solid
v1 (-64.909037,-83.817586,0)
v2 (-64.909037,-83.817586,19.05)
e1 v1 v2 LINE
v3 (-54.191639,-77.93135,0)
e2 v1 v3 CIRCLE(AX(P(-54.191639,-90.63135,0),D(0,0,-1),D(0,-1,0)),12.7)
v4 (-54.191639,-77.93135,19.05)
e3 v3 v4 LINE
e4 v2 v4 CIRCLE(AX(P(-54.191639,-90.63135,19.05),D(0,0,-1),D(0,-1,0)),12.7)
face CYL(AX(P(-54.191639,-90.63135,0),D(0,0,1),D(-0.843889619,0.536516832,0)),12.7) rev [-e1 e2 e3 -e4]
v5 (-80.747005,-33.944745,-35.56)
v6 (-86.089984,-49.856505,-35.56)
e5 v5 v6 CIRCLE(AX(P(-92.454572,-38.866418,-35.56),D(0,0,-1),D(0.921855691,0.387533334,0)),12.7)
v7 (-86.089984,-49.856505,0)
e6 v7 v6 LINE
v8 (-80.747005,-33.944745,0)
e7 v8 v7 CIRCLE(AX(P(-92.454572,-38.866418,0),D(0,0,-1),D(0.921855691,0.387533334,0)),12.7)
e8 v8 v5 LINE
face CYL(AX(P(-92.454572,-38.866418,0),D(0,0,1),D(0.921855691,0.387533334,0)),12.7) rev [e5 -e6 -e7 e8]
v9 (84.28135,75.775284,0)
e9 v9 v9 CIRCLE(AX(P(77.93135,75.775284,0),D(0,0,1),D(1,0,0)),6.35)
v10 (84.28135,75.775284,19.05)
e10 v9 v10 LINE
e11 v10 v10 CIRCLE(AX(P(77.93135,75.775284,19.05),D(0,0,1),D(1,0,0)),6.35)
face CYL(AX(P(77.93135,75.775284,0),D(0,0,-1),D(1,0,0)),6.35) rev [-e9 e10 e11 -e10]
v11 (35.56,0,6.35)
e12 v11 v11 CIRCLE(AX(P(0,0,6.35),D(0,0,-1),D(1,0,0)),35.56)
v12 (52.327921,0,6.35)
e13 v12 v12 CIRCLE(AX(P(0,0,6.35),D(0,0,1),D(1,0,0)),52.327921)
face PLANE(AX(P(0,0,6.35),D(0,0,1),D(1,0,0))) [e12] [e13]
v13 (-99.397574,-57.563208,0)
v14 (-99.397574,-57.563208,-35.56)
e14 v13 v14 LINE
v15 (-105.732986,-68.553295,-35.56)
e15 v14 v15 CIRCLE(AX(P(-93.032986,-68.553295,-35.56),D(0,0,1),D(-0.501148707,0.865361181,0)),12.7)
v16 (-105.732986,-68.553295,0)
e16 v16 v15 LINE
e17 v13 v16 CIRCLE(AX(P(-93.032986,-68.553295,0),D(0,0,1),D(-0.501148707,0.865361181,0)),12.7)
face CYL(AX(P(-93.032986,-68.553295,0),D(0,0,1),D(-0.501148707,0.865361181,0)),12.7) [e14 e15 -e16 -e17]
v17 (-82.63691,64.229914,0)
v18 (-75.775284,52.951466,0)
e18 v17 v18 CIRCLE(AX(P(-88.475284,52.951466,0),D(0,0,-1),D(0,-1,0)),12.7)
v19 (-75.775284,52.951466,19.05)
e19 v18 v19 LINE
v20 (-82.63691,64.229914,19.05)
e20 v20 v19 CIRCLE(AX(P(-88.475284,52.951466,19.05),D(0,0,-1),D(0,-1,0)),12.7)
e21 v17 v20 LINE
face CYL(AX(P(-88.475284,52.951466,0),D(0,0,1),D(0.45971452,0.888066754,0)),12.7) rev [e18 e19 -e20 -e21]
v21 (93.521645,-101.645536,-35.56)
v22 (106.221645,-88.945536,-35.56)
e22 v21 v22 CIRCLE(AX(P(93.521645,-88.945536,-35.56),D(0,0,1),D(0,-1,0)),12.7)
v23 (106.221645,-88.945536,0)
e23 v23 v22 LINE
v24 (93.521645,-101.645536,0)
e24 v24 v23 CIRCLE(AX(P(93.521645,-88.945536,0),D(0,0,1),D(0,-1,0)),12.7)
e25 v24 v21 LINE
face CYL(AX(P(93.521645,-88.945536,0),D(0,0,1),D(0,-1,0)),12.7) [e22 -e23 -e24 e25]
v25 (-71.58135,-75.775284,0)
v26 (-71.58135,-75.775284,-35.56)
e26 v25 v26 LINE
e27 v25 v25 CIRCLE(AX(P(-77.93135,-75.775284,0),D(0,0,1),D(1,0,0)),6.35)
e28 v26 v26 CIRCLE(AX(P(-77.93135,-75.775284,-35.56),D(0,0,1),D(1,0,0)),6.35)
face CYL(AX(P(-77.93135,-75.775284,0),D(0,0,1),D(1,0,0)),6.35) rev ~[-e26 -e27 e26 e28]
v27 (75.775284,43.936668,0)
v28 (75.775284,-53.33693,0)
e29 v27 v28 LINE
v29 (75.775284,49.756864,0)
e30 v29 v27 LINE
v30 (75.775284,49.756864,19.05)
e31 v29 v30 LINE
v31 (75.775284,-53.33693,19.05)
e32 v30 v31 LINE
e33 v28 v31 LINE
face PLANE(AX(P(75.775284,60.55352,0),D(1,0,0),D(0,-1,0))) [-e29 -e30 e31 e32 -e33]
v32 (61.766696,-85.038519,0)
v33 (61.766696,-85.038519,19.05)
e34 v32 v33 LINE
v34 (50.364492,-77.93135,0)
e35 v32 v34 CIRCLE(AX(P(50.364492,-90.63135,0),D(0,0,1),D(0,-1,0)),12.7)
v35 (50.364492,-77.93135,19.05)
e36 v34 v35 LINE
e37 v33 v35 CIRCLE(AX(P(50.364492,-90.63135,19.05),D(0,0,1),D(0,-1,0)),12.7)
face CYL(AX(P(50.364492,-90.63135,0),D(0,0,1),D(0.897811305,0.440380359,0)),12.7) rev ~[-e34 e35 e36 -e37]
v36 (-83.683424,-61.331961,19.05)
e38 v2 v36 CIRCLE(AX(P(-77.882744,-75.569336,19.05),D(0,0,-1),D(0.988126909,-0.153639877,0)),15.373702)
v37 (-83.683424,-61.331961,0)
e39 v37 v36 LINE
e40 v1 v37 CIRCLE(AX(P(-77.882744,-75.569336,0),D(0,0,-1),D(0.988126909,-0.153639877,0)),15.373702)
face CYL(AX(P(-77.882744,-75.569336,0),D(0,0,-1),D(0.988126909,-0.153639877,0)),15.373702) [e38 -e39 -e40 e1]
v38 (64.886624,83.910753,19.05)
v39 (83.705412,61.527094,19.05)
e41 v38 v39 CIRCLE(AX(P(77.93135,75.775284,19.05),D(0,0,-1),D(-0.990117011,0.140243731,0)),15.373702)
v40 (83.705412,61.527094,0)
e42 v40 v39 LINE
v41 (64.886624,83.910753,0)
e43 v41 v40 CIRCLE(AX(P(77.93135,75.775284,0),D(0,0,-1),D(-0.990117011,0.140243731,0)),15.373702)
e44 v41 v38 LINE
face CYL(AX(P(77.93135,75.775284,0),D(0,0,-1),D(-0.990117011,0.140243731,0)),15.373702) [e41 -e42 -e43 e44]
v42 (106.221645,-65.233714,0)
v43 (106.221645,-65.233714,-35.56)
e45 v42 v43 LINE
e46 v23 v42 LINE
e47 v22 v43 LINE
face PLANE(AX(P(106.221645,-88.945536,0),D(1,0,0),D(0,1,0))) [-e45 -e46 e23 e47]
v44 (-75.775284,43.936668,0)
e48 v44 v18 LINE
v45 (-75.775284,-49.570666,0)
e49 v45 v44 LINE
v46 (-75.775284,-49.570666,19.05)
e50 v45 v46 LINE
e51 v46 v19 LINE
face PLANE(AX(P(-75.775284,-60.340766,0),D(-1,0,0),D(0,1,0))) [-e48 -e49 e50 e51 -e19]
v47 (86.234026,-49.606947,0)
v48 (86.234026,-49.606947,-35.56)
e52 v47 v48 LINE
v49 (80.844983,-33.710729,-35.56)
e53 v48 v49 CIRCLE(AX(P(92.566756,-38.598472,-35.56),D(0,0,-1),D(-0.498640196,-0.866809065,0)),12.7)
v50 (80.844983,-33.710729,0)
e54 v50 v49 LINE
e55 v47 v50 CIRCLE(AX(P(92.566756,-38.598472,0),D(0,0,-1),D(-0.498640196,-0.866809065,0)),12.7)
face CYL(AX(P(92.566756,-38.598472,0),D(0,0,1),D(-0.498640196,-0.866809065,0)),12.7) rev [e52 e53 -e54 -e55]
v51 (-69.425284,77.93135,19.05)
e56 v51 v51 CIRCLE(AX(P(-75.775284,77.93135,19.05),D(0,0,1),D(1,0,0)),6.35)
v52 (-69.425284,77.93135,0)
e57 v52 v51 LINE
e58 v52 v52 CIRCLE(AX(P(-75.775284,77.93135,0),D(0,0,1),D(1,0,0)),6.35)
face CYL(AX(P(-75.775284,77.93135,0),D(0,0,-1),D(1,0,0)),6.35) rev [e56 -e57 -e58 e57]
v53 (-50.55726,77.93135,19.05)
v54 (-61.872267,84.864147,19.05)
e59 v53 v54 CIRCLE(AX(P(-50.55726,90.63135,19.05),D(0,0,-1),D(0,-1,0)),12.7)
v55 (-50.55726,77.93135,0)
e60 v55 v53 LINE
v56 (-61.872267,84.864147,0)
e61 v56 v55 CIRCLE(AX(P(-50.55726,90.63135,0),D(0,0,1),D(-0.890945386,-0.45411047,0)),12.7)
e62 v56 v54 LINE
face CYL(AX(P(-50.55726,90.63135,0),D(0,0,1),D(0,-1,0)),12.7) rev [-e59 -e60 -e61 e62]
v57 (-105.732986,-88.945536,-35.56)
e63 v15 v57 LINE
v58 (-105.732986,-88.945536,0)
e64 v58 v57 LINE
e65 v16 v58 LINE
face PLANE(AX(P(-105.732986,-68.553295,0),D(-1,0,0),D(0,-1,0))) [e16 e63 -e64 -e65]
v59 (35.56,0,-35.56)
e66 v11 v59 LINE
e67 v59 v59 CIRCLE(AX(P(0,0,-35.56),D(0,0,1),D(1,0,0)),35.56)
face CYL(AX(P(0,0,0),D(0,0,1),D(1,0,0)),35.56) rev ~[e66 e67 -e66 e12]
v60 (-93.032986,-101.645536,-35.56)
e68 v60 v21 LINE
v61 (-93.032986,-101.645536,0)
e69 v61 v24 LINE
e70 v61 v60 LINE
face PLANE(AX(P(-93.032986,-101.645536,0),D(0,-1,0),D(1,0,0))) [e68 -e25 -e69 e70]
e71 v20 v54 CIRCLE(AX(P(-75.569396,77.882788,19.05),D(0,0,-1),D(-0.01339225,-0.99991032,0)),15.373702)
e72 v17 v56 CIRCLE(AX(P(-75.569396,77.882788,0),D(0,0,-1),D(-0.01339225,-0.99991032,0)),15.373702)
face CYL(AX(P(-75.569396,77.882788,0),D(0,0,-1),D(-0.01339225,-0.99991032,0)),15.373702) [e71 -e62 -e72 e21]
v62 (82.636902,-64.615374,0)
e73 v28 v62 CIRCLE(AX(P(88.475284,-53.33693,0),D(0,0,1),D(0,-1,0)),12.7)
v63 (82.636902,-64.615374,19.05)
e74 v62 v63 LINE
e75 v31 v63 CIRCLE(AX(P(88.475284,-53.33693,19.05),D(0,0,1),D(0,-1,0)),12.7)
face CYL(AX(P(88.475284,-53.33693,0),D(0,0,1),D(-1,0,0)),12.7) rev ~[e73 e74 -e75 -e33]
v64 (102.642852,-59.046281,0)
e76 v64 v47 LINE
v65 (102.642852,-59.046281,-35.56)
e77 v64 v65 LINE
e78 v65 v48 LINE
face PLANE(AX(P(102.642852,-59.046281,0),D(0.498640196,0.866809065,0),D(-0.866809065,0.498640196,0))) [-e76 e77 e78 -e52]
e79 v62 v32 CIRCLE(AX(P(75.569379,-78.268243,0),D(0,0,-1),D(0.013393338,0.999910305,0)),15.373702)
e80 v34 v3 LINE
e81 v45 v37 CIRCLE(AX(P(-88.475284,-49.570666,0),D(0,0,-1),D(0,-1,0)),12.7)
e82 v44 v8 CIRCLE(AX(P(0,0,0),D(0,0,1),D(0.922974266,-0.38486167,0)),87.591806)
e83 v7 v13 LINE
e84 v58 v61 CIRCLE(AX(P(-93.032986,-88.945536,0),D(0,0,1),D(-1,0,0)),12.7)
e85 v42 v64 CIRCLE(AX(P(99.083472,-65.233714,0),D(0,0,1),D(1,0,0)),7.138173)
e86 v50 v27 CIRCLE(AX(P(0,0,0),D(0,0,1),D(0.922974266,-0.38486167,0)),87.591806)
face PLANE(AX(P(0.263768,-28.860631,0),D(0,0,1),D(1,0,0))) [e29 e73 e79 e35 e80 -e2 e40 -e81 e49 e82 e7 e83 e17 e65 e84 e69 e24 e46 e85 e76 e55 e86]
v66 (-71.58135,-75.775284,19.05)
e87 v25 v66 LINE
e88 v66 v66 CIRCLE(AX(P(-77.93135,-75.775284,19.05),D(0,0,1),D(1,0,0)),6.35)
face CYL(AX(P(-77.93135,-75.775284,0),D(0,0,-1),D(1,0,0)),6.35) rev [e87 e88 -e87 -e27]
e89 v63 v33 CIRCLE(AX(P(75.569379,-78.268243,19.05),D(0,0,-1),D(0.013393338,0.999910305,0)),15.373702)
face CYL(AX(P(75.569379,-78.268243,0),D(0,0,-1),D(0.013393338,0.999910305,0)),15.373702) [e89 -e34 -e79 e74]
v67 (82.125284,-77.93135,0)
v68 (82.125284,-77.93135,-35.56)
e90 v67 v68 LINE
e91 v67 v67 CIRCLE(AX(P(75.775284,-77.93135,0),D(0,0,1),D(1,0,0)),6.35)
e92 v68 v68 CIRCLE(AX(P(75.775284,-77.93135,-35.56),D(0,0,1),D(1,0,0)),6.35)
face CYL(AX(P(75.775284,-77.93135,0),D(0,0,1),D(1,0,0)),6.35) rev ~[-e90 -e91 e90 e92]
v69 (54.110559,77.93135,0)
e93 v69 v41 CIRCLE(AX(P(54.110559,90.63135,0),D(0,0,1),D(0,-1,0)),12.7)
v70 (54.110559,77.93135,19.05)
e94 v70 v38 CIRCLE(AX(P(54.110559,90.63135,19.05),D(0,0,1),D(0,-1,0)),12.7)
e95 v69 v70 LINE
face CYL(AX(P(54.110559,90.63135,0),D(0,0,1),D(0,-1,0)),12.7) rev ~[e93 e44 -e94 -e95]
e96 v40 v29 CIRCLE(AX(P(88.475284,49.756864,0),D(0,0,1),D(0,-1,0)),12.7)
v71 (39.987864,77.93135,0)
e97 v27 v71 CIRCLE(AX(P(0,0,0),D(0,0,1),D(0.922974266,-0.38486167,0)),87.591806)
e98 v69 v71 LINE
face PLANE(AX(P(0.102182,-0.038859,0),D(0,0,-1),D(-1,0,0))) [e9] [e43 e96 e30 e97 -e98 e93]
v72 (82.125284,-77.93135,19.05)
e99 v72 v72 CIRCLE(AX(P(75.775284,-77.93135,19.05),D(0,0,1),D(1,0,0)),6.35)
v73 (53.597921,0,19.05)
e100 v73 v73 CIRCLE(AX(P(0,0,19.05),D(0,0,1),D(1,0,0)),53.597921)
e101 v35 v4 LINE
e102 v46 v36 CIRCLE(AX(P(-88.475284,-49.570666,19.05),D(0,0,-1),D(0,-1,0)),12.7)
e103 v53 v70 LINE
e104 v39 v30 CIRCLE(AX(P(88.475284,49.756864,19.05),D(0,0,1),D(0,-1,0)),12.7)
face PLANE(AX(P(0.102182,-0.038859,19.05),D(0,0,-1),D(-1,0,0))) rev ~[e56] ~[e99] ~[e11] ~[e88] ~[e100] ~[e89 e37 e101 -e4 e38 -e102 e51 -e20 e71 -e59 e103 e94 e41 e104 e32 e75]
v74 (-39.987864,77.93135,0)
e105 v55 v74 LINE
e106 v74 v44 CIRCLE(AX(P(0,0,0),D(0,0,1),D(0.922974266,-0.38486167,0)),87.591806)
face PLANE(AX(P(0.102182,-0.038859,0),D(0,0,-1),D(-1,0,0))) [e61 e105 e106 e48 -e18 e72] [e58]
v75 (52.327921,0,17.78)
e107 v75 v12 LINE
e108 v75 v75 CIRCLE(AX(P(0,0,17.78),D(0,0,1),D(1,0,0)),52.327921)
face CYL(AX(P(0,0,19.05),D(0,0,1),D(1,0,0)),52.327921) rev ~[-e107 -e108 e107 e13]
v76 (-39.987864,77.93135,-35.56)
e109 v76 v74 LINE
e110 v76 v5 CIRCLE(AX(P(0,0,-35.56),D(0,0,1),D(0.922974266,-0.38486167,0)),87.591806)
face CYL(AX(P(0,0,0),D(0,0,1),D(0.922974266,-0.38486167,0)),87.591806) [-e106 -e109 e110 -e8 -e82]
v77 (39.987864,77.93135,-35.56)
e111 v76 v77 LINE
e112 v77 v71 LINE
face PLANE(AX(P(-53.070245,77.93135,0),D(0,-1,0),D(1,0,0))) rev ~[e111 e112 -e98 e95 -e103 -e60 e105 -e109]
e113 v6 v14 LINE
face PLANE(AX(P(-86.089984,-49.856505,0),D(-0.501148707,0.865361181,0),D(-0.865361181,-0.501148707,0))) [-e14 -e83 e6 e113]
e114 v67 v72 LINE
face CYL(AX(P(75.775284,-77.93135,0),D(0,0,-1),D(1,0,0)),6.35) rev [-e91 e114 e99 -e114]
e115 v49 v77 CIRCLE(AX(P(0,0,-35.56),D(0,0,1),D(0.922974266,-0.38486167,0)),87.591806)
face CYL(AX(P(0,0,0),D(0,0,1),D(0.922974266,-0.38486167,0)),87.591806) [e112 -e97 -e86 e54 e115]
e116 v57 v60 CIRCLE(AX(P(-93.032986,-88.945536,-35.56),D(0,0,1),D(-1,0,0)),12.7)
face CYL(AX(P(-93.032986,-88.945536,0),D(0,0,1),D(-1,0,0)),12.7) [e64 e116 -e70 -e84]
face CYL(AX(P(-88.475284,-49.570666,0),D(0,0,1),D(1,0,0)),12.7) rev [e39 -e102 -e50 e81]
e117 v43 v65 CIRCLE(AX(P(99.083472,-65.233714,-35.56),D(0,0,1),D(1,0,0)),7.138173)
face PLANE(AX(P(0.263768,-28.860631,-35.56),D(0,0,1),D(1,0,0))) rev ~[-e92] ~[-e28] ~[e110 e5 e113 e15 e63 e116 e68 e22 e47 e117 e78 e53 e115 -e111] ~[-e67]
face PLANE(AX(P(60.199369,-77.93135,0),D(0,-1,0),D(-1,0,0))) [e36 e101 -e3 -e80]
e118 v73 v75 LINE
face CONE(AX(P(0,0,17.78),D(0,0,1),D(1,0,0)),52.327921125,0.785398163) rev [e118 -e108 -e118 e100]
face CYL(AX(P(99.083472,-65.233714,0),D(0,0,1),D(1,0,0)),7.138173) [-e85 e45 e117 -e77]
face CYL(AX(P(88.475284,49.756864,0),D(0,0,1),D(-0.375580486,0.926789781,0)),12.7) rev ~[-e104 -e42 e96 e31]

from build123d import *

# Parameters (mm, degrees)
SKETCH1_R               = 6.35
EXTRUDE1_DEPTH          = 19.05
FILLET1_R               = 12.7
SKETCH2_R               = 52.327921125
CUT_EXTRUDE2_DEPTH      = 12.7
CHAMFER1_SIZE           = 1.27
EXTRUDE2_DEPTH          = 35.56
SKETCH3_R               = 35.56
CUT_EXTRUDE3_DEPTH      = 20.05
CUT_EXTRUDE3_DEPTH_BACK = 36.56
SKETCH5_W               = 101.416551859
SKETCH5_H               = 41.189513353
CUT_EXTRUDE4_DEPTH      = 40.64
SKETCH7_R               = 6.35
CUT_EXTRUDE6_DEPTH      = 36.56


with BuildPart() as part:
    # Sketch1 → Extrude1 (new body)
    with BuildSketch(Plane.XY):
        with BuildLine():
            Line((-60.195770425, 77.931349549), (62.709585641, 77.931349549))
            ThreePointArc((62.709585641, 77.931349549), (90.219330448, 85.014128276), (75.775284214, 60.553520307))
            Line((75.775284214, 60.553520307), (75.775284214, -62.895919466))
            ThreePointArc((75.775284214, -62.895919466), (86.24662402, -89.329307316), (60.199368708, -77.931349549))
            Line((60.199368708, -77.931349549), (-62.691575683, -77.931349549))
            ThreePointArc((-62.691575683, -77.931349549), (-90.218375384, -84.744460999), (-75.775284214, -60.340766466))
            Line((-75.775284214, -60.340766466), (-75.775284214, 62.510464201))
            ThreePointArc((-75.775284214, 62.510464201), (-86.384477207, 88.809119355), (-60.195770425, 77.931349549))
        make_face()
        with Locations((77.931349549, 75.775284214)):
            Circle(SKETCH1_R, mode=Mode.SUBTRACT)
        with Locations((75.775284214, -77.931349549)):
            Circle(SKETCH1_R, mode=Mode.SUBTRACT)
        with Locations((-77.931349549, -75.775284214)):
            Circle(SKETCH1_R, mode=Mode.SUBTRACT)
        with Locations((-75.775284214, 77.931349549)):
            Circle(SKETCH1_R, mode=Mode.SUBTRACT)
    extrude(amount=EXTRUDE1_DEPTH)

    # Fillet1
    fillet1_edges = [part.edges().sort_by_distance(p)[0] for p in [
        (-75.775284214, -60.340766466, 9.525),
        (-75.775284214, 62.510464201, 9.525),
        (-60.195770425, 77.931349549, 9.525),
        (62.709585641, 77.931349549, 9.525),
        (75.775284214, 60.553520307, 9.525),
        (75.775284214, -62.895919466, 9.525),
        (60.199368708, -77.931349549, 9.525),
        (-62.691575683, -77.931349549, 9.525),
    ]]
    fillet(fillet1_edges, radius=FILLET1_R)

    # Sketch2 → Cut-Extrude2 (cut)
    with BuildSketch(Plane.XY.offset(19.05)):
        Circle(SKETCH2_R)
    extrude(amount=-CUT_EXTRUDE2_DEPTH, mode=Mode.SUBTRACT)

    # Chamfer1
    chamfer1_edges = [part.edges().sort_by_distance(p)[0] for p in [
        (-52.327921125, 0, 19.05),
    ]]
    chamfer(chamfer1_edges, length=CHAMFER1_SIZE)

    # Sketch4 → Extrude2 (add)
    with BuildSketch(Plane(origin=(0, 0, 0), x_dir=(-1, 0, 0), z_dir=(0, 0, -1))):
        with BuildLine():
            Line((86.089983669, -49.856504988), (99.397574405, -57.563208318))
            ThreePointArc((99.397574405, -57.563208318), (104.035719005, -62.2105938), (105.732985822, -68.553295314))
            Line((105.732985822, -68.553295314), (105.732985822, -88.945536156))
            ThreePointArc((105.732985822, -88.945536156), (102.013241943, -97.925792277), (93.032985822, -101.645536156))
            Line((93.032985822, -101.645536156), (-93.521645158, -101.645536156))
            ThreePointArc((-93.521645158, -101.645536156), (-102.501901279, -97.925792277), (-106.221645158, -88.945536156))
            Line((-106.221645158, -88.945536156), (-106.221645158, -65.233714494))
            ThreePointArc((-106.221645158, -65.233714494), (-105.262508623, -61.659777941), (-102.642852051, -59.046281274))
            Line((-102.642852051, -59.046281274), (-86.23402563, -49.606947108))
            ThreePointArc((-86.23402563, -49.606947108), (-80.539133122, -42.676006174), (-80.844982944, -33.710728777))
            ThreePointArc((-80.844982944, -33.710728777), (0.126849431, 87.591714284), (80.747004975, -33.944744652))
            ThreePointArc((80.747004975, -33.944744652), (80.415189643, -42.909098588), (86.089983669, -49.856504988))
        make_face()
    extrude(amount=EXTRUDE2_DEPTH)

    # Sketch3 → Cut-Extrude3 (cut, two sides)
    with BuildSketch(Plane.XY) as cut_extrude3_sk:
        Circle(SKETCH3_R)
    extrude(amount=CUT_EXTRUDE3_DEPTH, mode=Mode.SUBTRACT)
    extrude(cut_extrude3_sk.sketch, amount=-CUT_EXTRUDE3_DEPTH_BACK, mode=Mode.SUBTRACT)

    # Sketch5 → Cut-Extrude4 (cut)
    with BuildSketch(Plane.XY):
        with Locations((-2.36196921, 98.526106226)):
            Rectangle(SKETCH5_W, SKETCH5_H)
    extrude(amount=-CUT_EXTRUDE4_DEPTH, mode=Mode.SUBTRACT)

    # Sketch7 → Cut-Extrude6 (cut, through all)
    with BuildSketch(Plane.XY):
        with Locations((75.775284214, -77.931349549)):
            Circle(SKETCH7_R)
        with Locations((-77.931349549, -75.775284214)):
            Circle(SKETCH7_R)
    extrude(amount=-CUT_EXTRUDE6_DEPTH, mode=Mode.SUBTRACT)


solid = part.part
